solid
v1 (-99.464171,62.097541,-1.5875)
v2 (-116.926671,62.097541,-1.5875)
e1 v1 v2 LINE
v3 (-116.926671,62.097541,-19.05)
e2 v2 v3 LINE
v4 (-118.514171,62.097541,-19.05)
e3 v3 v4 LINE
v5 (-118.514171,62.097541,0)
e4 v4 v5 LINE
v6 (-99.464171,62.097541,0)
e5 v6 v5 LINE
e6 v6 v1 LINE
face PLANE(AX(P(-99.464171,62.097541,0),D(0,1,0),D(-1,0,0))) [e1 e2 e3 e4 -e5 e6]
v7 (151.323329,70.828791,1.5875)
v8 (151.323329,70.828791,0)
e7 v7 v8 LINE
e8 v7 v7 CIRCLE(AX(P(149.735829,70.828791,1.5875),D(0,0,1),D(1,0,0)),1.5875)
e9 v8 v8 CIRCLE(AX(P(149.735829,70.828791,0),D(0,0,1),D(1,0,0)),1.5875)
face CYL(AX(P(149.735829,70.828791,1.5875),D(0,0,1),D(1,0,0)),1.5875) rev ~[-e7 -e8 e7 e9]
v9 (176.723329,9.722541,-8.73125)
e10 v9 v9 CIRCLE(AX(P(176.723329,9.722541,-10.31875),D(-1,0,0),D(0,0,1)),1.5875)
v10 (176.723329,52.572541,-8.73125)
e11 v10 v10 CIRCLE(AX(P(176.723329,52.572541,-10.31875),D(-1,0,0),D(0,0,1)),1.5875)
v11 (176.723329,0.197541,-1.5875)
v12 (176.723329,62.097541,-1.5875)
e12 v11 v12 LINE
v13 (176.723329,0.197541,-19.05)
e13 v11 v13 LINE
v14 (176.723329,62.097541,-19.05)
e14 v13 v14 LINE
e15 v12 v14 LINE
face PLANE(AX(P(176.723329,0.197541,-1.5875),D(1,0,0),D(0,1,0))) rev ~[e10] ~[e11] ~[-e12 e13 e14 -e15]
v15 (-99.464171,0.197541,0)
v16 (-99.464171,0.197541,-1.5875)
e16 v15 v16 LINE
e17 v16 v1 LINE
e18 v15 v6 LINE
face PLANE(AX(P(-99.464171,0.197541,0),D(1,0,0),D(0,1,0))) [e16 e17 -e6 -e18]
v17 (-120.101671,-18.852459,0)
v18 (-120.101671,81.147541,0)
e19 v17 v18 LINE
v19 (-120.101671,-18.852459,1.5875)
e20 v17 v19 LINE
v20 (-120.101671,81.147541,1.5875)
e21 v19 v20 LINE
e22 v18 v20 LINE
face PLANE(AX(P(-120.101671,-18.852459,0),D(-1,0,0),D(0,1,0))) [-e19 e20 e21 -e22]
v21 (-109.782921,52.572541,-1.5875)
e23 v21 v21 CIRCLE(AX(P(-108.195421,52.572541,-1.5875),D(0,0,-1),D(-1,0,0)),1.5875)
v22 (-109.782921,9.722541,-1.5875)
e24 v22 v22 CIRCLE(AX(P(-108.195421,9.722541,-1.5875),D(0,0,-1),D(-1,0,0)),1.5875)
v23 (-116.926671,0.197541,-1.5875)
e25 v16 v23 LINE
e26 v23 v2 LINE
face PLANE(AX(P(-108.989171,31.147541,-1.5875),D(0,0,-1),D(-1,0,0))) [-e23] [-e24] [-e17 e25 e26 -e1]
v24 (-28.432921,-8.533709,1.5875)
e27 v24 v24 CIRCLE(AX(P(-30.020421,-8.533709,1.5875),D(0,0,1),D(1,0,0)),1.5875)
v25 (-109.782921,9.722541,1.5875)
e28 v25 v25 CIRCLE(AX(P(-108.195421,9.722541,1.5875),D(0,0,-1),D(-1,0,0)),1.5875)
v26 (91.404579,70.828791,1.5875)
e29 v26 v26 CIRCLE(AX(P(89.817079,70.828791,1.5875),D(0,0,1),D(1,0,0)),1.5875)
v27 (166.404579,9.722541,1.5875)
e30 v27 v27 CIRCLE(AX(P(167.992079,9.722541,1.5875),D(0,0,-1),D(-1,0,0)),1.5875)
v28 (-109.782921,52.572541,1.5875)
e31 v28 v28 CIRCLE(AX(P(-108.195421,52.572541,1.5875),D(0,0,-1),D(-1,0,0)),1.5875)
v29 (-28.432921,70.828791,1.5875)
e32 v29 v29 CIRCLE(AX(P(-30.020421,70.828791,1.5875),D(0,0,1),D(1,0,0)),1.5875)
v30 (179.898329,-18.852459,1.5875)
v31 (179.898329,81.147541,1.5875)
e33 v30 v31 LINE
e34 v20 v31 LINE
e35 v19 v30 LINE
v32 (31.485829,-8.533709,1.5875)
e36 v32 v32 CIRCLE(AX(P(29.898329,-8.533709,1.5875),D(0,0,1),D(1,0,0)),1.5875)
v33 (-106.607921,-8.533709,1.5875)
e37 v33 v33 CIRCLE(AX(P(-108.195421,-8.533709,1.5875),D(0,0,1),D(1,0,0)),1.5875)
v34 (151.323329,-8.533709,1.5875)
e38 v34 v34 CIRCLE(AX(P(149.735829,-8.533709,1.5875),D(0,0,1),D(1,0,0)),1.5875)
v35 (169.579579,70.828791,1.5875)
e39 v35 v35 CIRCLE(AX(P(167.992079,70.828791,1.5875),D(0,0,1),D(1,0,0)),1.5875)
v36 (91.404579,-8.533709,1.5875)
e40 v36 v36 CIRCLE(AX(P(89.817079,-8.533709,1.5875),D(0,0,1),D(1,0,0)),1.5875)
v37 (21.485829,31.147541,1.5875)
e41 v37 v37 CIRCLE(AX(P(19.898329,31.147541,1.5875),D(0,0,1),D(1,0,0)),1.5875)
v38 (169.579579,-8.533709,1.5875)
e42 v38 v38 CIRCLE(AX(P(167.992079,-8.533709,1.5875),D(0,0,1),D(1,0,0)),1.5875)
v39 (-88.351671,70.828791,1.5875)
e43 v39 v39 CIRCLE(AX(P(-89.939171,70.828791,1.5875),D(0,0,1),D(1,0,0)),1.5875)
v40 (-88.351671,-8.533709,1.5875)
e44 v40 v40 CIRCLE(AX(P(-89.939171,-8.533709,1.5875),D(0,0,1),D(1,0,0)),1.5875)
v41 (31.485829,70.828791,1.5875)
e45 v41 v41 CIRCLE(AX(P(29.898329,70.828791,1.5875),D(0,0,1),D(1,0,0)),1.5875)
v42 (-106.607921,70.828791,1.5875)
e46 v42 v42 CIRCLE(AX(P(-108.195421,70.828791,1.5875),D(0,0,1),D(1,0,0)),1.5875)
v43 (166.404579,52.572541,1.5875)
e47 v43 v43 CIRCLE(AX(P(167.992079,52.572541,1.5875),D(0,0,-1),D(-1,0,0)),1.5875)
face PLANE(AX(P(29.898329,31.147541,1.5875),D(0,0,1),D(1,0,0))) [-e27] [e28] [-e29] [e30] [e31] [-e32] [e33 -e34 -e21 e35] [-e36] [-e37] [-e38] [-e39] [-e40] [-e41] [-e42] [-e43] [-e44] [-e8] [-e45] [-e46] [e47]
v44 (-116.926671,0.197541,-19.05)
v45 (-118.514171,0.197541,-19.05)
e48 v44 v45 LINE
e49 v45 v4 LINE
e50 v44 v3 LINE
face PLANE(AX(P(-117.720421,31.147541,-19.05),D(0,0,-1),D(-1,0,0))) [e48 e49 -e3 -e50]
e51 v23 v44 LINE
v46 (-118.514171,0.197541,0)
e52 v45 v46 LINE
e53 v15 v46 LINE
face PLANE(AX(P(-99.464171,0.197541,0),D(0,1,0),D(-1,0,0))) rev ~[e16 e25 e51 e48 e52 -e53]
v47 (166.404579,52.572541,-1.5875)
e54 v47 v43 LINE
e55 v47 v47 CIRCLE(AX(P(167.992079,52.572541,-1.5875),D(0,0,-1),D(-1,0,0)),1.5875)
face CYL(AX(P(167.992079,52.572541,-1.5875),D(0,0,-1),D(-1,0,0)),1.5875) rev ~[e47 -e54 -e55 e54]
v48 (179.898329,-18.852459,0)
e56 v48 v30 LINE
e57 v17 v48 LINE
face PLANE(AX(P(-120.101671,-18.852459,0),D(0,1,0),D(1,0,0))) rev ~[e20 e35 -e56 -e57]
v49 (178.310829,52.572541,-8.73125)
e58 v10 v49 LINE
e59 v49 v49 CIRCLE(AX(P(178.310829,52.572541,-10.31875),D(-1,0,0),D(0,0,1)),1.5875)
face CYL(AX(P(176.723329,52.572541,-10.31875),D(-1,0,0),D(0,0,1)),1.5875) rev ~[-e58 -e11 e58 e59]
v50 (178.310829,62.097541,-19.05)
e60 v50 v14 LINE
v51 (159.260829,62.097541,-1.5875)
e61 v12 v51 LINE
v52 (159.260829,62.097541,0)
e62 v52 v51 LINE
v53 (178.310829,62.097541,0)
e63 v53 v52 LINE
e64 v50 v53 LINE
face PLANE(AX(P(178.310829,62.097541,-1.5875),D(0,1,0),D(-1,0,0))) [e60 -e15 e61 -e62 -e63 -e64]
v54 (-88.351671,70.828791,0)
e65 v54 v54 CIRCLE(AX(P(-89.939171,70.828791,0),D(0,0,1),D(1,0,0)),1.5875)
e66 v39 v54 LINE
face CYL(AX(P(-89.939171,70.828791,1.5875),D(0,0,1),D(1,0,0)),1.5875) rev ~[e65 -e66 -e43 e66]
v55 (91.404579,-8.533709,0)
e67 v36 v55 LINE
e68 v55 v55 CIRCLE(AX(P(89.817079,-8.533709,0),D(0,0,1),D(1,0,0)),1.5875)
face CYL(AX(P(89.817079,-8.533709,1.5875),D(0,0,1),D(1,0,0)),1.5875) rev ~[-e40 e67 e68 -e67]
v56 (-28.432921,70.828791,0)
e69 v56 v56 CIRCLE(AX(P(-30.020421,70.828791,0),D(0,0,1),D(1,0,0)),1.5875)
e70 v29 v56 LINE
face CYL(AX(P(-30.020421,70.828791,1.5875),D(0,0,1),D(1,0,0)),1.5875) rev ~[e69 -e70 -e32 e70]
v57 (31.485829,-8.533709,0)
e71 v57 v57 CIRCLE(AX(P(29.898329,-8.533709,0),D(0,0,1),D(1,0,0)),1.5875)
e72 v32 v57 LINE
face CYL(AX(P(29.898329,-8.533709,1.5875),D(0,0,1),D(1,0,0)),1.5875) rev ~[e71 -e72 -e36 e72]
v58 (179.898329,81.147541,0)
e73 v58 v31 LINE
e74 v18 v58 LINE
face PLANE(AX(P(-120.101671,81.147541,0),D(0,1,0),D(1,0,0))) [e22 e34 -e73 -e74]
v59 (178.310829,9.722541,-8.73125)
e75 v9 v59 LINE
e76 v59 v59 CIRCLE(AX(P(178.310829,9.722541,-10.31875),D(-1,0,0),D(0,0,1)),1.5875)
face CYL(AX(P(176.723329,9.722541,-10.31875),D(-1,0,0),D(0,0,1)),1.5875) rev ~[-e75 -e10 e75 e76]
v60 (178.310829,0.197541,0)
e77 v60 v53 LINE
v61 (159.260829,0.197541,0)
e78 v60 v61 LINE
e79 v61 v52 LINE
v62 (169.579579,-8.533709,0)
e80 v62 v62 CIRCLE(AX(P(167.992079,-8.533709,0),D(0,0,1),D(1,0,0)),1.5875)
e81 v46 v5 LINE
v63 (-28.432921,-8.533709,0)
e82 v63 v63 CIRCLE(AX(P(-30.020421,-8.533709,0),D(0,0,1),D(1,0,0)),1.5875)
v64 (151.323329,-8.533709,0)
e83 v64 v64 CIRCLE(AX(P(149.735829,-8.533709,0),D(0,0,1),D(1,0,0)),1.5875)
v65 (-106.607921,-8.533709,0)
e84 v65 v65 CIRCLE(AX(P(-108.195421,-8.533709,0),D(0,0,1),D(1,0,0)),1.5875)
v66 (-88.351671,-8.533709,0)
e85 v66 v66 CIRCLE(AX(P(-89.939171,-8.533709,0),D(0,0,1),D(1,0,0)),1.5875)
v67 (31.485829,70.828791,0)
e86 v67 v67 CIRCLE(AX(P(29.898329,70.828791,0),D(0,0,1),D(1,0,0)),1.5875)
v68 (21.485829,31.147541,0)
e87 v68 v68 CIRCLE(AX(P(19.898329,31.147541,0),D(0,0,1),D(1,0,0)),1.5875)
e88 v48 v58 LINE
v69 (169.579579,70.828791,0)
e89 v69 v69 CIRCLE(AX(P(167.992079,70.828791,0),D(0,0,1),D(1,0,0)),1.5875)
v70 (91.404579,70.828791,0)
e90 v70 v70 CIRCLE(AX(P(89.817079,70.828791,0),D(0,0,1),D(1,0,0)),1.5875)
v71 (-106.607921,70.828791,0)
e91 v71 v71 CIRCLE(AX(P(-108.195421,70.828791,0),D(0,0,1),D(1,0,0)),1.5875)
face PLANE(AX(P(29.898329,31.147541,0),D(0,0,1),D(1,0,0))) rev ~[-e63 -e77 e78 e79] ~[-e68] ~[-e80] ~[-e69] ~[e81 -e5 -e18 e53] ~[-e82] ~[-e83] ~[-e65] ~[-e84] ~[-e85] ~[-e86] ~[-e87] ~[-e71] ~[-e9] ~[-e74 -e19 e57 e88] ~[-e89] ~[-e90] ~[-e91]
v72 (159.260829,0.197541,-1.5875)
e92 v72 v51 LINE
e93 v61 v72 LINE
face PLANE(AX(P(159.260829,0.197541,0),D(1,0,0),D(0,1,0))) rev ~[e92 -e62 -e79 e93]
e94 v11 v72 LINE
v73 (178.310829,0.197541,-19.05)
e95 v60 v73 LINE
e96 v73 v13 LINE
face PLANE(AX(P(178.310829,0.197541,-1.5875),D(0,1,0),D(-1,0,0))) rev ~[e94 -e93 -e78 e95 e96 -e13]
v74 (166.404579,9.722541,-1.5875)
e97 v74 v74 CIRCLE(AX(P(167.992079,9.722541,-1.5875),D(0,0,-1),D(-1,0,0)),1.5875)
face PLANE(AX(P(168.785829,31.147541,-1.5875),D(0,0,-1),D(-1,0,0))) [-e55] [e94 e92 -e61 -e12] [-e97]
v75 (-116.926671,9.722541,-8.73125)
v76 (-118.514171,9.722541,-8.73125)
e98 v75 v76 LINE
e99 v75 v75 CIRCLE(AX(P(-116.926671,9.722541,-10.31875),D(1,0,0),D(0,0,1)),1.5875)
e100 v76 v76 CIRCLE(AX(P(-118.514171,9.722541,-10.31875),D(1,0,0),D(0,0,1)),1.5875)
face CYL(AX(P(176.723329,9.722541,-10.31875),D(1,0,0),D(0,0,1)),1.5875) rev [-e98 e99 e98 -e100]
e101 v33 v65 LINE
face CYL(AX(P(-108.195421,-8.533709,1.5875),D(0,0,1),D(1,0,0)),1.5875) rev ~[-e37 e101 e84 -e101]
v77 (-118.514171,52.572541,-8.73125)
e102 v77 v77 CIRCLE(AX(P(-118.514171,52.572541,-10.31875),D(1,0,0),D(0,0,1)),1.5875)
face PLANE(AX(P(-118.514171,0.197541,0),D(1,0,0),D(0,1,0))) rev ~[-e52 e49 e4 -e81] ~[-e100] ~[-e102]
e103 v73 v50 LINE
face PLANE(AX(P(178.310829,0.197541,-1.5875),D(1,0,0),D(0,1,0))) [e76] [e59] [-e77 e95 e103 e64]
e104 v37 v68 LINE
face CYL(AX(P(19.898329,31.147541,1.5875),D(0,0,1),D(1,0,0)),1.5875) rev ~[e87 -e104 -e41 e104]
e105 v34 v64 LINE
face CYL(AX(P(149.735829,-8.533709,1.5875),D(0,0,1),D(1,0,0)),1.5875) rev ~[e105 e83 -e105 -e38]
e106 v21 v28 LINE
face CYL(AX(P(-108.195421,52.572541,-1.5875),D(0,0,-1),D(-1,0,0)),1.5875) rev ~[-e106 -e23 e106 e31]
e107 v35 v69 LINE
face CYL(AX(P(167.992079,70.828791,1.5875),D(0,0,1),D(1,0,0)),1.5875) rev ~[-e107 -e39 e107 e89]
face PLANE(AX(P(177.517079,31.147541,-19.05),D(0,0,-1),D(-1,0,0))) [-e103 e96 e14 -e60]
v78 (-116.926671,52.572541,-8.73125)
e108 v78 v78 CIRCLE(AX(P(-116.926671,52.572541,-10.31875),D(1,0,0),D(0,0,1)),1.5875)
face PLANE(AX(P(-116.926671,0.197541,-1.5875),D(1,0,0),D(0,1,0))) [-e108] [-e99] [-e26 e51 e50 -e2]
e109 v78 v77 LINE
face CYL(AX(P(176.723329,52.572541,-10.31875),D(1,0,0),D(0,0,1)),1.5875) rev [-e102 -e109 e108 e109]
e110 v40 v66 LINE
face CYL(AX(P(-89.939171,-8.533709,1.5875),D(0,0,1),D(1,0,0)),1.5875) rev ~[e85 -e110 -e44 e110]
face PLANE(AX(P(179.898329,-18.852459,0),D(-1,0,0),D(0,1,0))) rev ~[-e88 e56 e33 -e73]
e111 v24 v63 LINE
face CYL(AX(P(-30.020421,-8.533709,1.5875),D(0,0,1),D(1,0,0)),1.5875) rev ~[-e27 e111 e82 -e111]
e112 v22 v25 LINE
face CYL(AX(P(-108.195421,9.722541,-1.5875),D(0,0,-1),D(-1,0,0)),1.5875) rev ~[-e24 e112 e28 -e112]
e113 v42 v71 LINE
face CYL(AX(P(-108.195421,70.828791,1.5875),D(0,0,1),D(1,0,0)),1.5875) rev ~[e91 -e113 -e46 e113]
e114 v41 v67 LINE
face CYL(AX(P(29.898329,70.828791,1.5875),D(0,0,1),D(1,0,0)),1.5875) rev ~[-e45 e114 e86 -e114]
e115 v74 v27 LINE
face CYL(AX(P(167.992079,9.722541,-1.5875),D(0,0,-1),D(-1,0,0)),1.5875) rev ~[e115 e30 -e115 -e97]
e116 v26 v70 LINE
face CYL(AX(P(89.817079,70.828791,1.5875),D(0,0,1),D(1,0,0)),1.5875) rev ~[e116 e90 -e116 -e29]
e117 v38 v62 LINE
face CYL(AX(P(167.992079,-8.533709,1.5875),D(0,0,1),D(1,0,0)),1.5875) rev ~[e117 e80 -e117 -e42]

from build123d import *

# Parameters (mm, degrees)
ESQUISSE1_W                  = 300
ESQUISSE1_H                  = 100
BOSS_EXTRU_1_DEPTH           = 1.5875
ESQUISSE2_W                  = 19.05
ESQUISSE2_H                  = 61.9
BOSS_EXTRU_2_DEPTH           = 1.5875
ESQUISSE3_W                  = 1.5875
ESQUISSE3_H                  = 61.9
BOSS_EXTRU_3_DEPTH           = 17.4625
ENL_V_MAT_EXTRU_1_REACH      = 5.175
ESQUISSE4_R                  = 1.5875
ENL_V_MAT_EXTRU_2_REACH      = 22.637
ESQUISSE5_R                  = 1.5875
ENL_V_MAT_EXTRU_3_REACH      = 22.637
ESQUISSE6_R                  = 1.5875
ESQUISSE7_R                  = 1.5875
ENL_V_MAT_EXTRU_4_DEPTH      = 297.825
ENL_V_MAT_EXTRU_4_DEPTH_BACK = 4.175


with BuildPart() as part:
    # Esquisse1 → Boss.-Extru.1 (new body)
    with BuildSketch(Plane.XY):
        with Locations((29.89832913, 31.147540984)):
            Rectangle(ESQUISSE1_W, ESQUISSE1_H)
    extrude(amount=BOSS_EXTRU_1_DEPTH)

    # Esquisse2 → Boss.-Extru.2 (add)
    with BuildSketch(Plane(origin=(0, 0, 0), x_dir=(-1, 0, 0), z_dir=(0, 0, -1))):
        with Locations((108.98917087, 31.147540984)):
            Rectangle(ESQUISSE2_W, ESQUISSE2_H)
        with Locations((-168.78582913, 31.147540984)):
            Rectangle(ESQUISSE2_W, ESQUISSE2_H)
    extrude(amount=BOSS_EXTRU_2_DEPTH)

    # Esquisse3 → Boss.-Extru.3 (add)
    with BuildSketch(Plane(origin=(0, 0, -1.5875), x_dir=(-1, 0, 0), z_dir=(0, 0, -1))):
        with Locations((-177.51707913, 31.147540984)):
            Rectangle(ESQUISSE3_W, ESQUISSE3_H)
        with Locations((117.72042087, 31.147540984)):
            Rectangle(ESQUISSE3_W, ESQUISSE3_H)
    extrude(amount=BOSS_EXTRU_3_DEPTH)

    # Esquisse4 → Enlèv. mat.-Extru.1 (cut, up to next)
    with BuildSketch(Plane(origin=(0, 0, -1.5875), x_dir=(-1, 0, 0), z_dir=(0, 0, -1)), mode=Mode.PRIVATE) as enl_v_mat_extru_1_sk1:
        with Locations((-167.99207913, 52.572540984)):
            Circle(ESQUISSE4_R)
    enl_v_mat_extru_1_tool1 = extrude(enl_v_mat_extru_1_sk1.sketch, amount=-ENL_V_MAT_EXTRU_1_REACH, mode=Mode.PRIVATE) & part.part
    add(enl_v_mat_extru_1_tool1.solids().sort_by_distance((167.992079, 52.572541, -1.5875))[0], mode=Mode.SUBTRACT)
    # Esquisse4 → Enlèv. mat.-Extru.1 (cut, up to next)
    with BuildSketch(Plane(origin=(0, 0, -1.5875), x_dir=(-1, 0, 0), z_dir=(0, 0, -1)), mode=Mode.PRIVATE) as enl_v_mat_extru_1_sk2:
        with Locations((-167.99207913, 9.722540984)):
            Circle(ESQUISSE4_R)
    enl_v_mat_extru_1_tool2 = extrude(enl_v_mat_extru_1_sk2.sketch, amount=-ENL_V_MAT_EXTRU_1_REACH, mode=Mode.PRIVATE) & part.part
    add(enl_v_mat_extru_1_tool2.solids().sort_by_distance((167.992079, 9.722541, -1.5875))[0], mode=Mode.SUBTRACT)
    # Esquisse4 → Enlèv. mat.-Extru.1 (cut, up to next)
    with BuildSketch(Plane(origin=(0, 0, -1.5875), x_dir=(-1, 0, 0), z_dir=(0, 0, -1)), mode=Mode.PRIVATE) as enl_v_mat_extru_1_sk3:
        with Locations((108.19542087, 52.572540984)):
            Circle(ESQUISSE4_R)
    enl_v_mat_extru_1_tool3 = extrude(enl_v_mat_extru_1_sk3.sketch, amount=-ENL_V_MAT_EXTRU_1_REACH, mode=Mode.PRIVATE) & part.part
    add(enl_v_mat_extru_1_tool3.solids().sort_by_distance((-108.195421, 52.572541, -1.5875))[0], mode=Mode.SUBTRACT)
    # Esquisse4 → Enlèv. mat.-Extru.1 (cut, up to next)
    with BuildSketch(Plane(origin=(0, 0, -1.5875), x_dir=(-1, 0, 0), z_dir=(0, 0, -1)), mode=Mode.PRIVATE) as enl_v_mat_extru_1_sk4:
        with Locations((108.19542087, 9.722540984)):
            Circle(ESQUISSE4_R)
    enl_v_mat_extru_1_tool4 = extrude(enl_v_mat_extru_1_sk4.sketch, amount=-ENL_V_MAT_EXTRU_1_REACH, mode=Mode.PRIVATE) & part.part
    add(enl_v_mat_extru_1_tool4.solids().sort_by_distance((-108.195421, 9.722541, -1.5875))[0], mode=Mode.SUBTRACT)

    # Esquisse5 → Enlèv. mat.-Extru.2 (cut, up to next)
    with BuildSketch(Plane.XY.offset(1.5875), mode=Mode.PRIVATE) as enl_v_mat_extru_2_sk1:
        with Locations((-108.19542087, -8.533709016)):
            Circle(ESQUISSE5_R)
    enl_v_mat_extru_2_tool1 = extrude(enl_v_mat_extru_2_sk1.sketch, amount=-ENL_V_MAT_EXTRU_2_REACH, mode=Mode.PRIVATE) & part.part
    add(enl_v_mat_extru_2_tool1.solids().sort_by_distance((-108.195421, -8.533709, 1.5875))[0], mode=Mode.SUBTRACT)
    # Esquisse5 → Enlèv. mat.-Extru.2 (cut, up to next)
    with BuildSketch(Plane.XY.offset(1.5875), mode=Mode.PRIVATE) as enl_v_mat_extru_2_sk2:
        with Locations((-89.93917087, -8.533709016)):
            Circle(ESQUISSE5_R)
    enl_v_mat_extru_2_tool2 = extrude(enl_v_mat_extru_2_sk2.sketch, amount=-ENL_V_MAT_EXTRU_2_REACH, mode=Mode.PRIVATE) & part.part
    add(enl_v_mat_extru_2_tool2.solids().sort_by_distance((-89.939171, -8.533709, 1.5875))[0], mode=Mode.SUBTRACT)
    # Esquisse5 → Enlèv. mat.-Extru.2 (cut, up to next)
    with BuildSketch(Plane.XY.offset(1.5875), mode=Mode.PRIVATE) as enl_v_mat_extru_2_sk3:
        with Locations((-30.02042087, -8.533709016)):
            Circle(ESQUISSE5_R)
    enl_v_mat_extru_2_tool3 = extrude(enl_v_mat_extru_2_sk3.sketch, amount=-ENL_V_MAT_EXTRU_2_REACH, mode=Mode.PRIVATE) & part.part
    add(enl_v_mat_extru_2_tool3.solids().sort_by_distance((-30.020421, -8.533709, 1.5875))[0], mode=Mode.SUBTRACT)
    # Esquisse5 → Enlèv. mat.-Extru.2 (cut, up to next)
    with BuildSketch(Plane.XY.offset(1.5875), mode=Mode.PRIVATE) as enl_v_mat_extru_2_sk4:
        with Locations((29.89832913, -8.533709016)):
            Circle(ESQUISSE5_R)
    enl_v_mat_extru_2_tool4 = extrude(enl_v_mat_extru_2_sk4.sketch, amount=-ENL_V_MAT_EXTRU_2_REACH, mode=Mode.PRIVATE) & part.part
    add(enl_v_mat_extru_2_tool4.solids().sort_by_distance((29.898329, -8.533709, 1.5875))[0], mode=Mode.SUBTRACT)
    # Esquisse5 → Enlèv. mat.-Extru.2 (cut, up to next)
    with BuildSketch(Plane.XY.offset(1.5875), mode=Mode.PRIVATE) as enl_v_mat_extru_2_sk5:
        with Locations((89.81707913, -8.533709016)):
            Circle(ESQUISSE5_R)
    enl_v_mat_extru_2_tool5 = extrude(enl_v_mat_extru_2_sk5.sketch, amount=-ENL_V_MAT_EXTRU_2_REACH, mode=Mode.PRIVATE) & part.part
    add(enl_v_mat_extru_2_tool5.solids().sort_by_distance((89.817079, -8.533709, 1.5875))[0], mode=Mode.SUBTRACT)
    # Esquisse5 → Enlèv. mat.-Extru.2 (cut, up to next)
    with BuildSketch(Plane.XY.offset(1.5875), mode=Mode.PRIVATE) as enl_v_mat_extru_2_sk6:
        with Locations((149.73582913, -8.533709016)):
            Circle(ESQUISSE5_R)
    enl_v_mat_extru_2_tool6 = extrude(enl_v_mat_extru_2_sk6.sketch, amount=-ENL_V_MAT_EXTRU_2_REACH, mode=Mode.PRIVATE) & part.part
    add(enl_v_mat_extru_2_tool6.solids().sort_by_distance((149.735829, -8.533709, 1.5875))[0], mode=Mode.SUBTRACT)
    # Esquisse5 → Enlèv. mat.-Extru.2 (cut, up to next)
    with BuildSketch(Plane.XY.offset(1.5875), mode=Mode.PRIVATE) as enl_v_mat_extru_2_sk7:
        with Locations((167.99207913, -8.533709016)):
            Circle(ESQUISSE5_R)
    enl_v_mat_extru_2_tool7 = extrude(enl_v_mat_extru_2_sk7.sketch, amount=-ENL_V_MAT_EXTRU_2_REACH, mode=Mode.PRIVATE) & part.part
    add(enl_v_mat_extru_2_tool7.solids().sort_by_distance((167.992079, -8.533709, 1.5875))[0], mode=Mode.SUBTRACT)
    # Esquisse5 → Enlèv. mat.-Extru.2 (cut, up to next)
    with BuildSketch(Plane.XY.offset(1.5875), mode=Mode.PRIVATE) as enl_v_mat_extru_2_sk8:
        with Locations((167.99207913, 70.828790984)):
            Circle(ESQUISSE5_R)
    enl_v_mat_extru_2_tool8 = extrude(enl_v_mat_extru_2_sk8.sketch, amount=-ENL_V_MAT_EXTRU_2_REACH, mode=Mode.PRIVATE) & part.part
    add(enl_v_mat_extru_2_tool8.solids().sort_by_distance((167.992079, 70.828791, 1.5875))[0], mode=Mode.SUBTRACT)
    # Esquisse5 → Enlèv. mat.-Extru.2 (cut, up to next)
    with BuildSketch(Plane.XY.offset(1.5875), mode=Mode.PRIVATE) as enl_v_mat_extru_2_sk9:
        with Locations((149.73582913, 70.828790984)):
            Circle(ESQUISSE5_R)
    enl_v_mat_extru_2_tool9 = extrude(enl_v_mat_extru_2_sk9.sketch, amount=-ENL_V_MAT_EXTRU_2_REACH, mode=Mode.PRIVATE) & part.part
    add(enl_v_mat_extru_2_tool9.solids().sort_by_distance((149.735829, 70.828791, 1.5875))[0], mode=Mode.SUBTRACT)
    # Esquisse5 → Enlèv. mat.-Extru.2 (cut, up to next)
    with BuildSketch(Plane.XY.offset(1.5875), mode=Mode.PRIVATE) as enl_v_mat_extru_2_sk10:
        with Locations((89.81707913, 70.828790984)):
            Circle(ESQUISSE5_R)
    enl_v_mat_extru_2_tool10 = extrude(enl_v_mat_extru_2_sk10.sketch, amount=-ENL_V_MAT_EXTRU_2_REACH, mode=Mode.PRIVATE) & part.part
    add(enl_v_mat_extru_2_tool10.solids().sort_by_distance((89.817079, 70.828791, 1.5875))[0], mode=Mode.SUBTRACT)
    # Esquisse5 → Enlèv. mat.-Extru.2 (cut, up to next)
    with BuildSketch(Plane.XY.offset(1.5875), mode=Mode.PRIVATE) as enl_v_mat_extru_2_sk11:
        with Locations((29.89832913, 70.828790984)):
            Circle(ESQUISSE5_R)
    enl_v_mat_extru_2_tool11 = extrude(enl_v_mat_extru_2_sk11.sketch, amount=-ENL_V_MAT_EXTRU_2_REACH, mode=Mode.PRIVATE) & part.part
    add(enl_v_mat_extru_2_tool11.solids().sort_by_distance((29.898329, 70.828791, 1.5875))[0], mode=Mode.SUBTRACT)
    # Esquisse5 → Enlèv. mat.-Extru.2 (cut, up to next)
    with BuildSketch(Plane.XY.offset(1.5875), mode=Mode.PRIVATE) as enl_v_mat_extru_2_sk12:
        with Locations((-30.02042087, 70.828790984)):
            Circle(ESQUISSE5_R)
    enl_v_mat_extru_2_tool12 = extrude(enl_v_mat_extru_2_sk12.sketch, amount=-ENL_V_MAT_EXTRU_2_REACH, mode=Mode.PRIVATE) & part.part
    add(enl_v_mat_extru_2_tool12.solids().sort_by_distance((-30.020421, 70.828791, 1.5875))[0], mode=Mode.SUBTRACT)
    # Esquisse5 → Enlèv. mat.-Extru.2 (cut, up to next)
    with BuildSketch(Plane.XY.offset(1.5875), mode=Mode.PRIVATE) as enl_v_mat_extru_2_sk13:
        with Locations((-89.93917087, 70.828790984)):
            Circle(ESQUISSE5_R)
    enl_v_mat_extru_2_tool13 = extrude(enl_v_mat_extru_2_sk13.sketch, amount=-ENL_V_MAT_EXTRU_2_REACH, mode=Mode.PRIVATE) & part.part
    add(enl_v_mat_extru_2_tool13.solids().sort_by_distance((-89.939171, 70.828791, 1.5875))[0], mode=Mode.SUBTRACT)
    # Esquisse5 → Enlèv. mat.-Extru.2 (cut, up to next)
    with BuildSketch(Plane.XY.offset(1.5875), mode=Mode.PRIVATE) as enl_v_mat_extru_2_sk14:
        with Locations((-108.19542087, 70.828790984)):
            Circle(ESQUISSE5_R)
    enl_v_mat_extru_2_tool14 = extrude(enl_v_mat_extru_2_sk14.sketch, amount=-ENL_V_MAT_EXTRU_2_REACH, mode=Mode.PRIVATE) & part.part
    add(enl_v_mat_extru_2_tool14.solids().sort_by_distance((-108.195421, 70.828791, 1.5875))[0], mode=Mode.SUBTRACT)

    # Esquisse6 → Enlèv. mat.-Extru.3 (cut, up to next)
    with BuildSketch(Plane.XY.offset(1.5875), mode=Mode.PRIVATE) as enl_v_mat_extru_3_sk1:
        with Locations((19.89832913, 31.147540984)):
            Circle(ESQUISSE6_R)
    enl_v_mat_extru_3_tool1 = extrude(enl_v_mat_extru_3_sk1.sketch, amount=-ENL_V_MAT_EXTRU_3_REACH, mode=Mode.PRIVATE) & part.part
    add(enl_v_mat_extru_3_tool1.solids().sort_by_distance((19.898329, 31.147541, 1.5875))[0], mode=Mode.SUBTRACT)

    # Esquisse7 → Enlèv. mat.-Extru.4 (cut, two sides)
    with BuildSketch(Plane.ZY.offset(-176.72332913)) as enl_v_mat_extru_4_sk:
        with Locations((-10.31875, 52.572540984)):
            Circle(ESQUISSE7_R)
        with Locations((-10.31875, 9.722540984)):
            Circle(ESQUISSE7_R)
    extrude(amount=ENL_V_MAT_EXTRU_4_DEPTH, mode=Mode.SUBTRACT)
    extrude(enl_v_mat_extru_4_sk.sketch, amount=-ENL_V_MAT_EXTRU_4_DEPTH_BACK, mode=Mode.SUBTRACT)


solid = part.part
